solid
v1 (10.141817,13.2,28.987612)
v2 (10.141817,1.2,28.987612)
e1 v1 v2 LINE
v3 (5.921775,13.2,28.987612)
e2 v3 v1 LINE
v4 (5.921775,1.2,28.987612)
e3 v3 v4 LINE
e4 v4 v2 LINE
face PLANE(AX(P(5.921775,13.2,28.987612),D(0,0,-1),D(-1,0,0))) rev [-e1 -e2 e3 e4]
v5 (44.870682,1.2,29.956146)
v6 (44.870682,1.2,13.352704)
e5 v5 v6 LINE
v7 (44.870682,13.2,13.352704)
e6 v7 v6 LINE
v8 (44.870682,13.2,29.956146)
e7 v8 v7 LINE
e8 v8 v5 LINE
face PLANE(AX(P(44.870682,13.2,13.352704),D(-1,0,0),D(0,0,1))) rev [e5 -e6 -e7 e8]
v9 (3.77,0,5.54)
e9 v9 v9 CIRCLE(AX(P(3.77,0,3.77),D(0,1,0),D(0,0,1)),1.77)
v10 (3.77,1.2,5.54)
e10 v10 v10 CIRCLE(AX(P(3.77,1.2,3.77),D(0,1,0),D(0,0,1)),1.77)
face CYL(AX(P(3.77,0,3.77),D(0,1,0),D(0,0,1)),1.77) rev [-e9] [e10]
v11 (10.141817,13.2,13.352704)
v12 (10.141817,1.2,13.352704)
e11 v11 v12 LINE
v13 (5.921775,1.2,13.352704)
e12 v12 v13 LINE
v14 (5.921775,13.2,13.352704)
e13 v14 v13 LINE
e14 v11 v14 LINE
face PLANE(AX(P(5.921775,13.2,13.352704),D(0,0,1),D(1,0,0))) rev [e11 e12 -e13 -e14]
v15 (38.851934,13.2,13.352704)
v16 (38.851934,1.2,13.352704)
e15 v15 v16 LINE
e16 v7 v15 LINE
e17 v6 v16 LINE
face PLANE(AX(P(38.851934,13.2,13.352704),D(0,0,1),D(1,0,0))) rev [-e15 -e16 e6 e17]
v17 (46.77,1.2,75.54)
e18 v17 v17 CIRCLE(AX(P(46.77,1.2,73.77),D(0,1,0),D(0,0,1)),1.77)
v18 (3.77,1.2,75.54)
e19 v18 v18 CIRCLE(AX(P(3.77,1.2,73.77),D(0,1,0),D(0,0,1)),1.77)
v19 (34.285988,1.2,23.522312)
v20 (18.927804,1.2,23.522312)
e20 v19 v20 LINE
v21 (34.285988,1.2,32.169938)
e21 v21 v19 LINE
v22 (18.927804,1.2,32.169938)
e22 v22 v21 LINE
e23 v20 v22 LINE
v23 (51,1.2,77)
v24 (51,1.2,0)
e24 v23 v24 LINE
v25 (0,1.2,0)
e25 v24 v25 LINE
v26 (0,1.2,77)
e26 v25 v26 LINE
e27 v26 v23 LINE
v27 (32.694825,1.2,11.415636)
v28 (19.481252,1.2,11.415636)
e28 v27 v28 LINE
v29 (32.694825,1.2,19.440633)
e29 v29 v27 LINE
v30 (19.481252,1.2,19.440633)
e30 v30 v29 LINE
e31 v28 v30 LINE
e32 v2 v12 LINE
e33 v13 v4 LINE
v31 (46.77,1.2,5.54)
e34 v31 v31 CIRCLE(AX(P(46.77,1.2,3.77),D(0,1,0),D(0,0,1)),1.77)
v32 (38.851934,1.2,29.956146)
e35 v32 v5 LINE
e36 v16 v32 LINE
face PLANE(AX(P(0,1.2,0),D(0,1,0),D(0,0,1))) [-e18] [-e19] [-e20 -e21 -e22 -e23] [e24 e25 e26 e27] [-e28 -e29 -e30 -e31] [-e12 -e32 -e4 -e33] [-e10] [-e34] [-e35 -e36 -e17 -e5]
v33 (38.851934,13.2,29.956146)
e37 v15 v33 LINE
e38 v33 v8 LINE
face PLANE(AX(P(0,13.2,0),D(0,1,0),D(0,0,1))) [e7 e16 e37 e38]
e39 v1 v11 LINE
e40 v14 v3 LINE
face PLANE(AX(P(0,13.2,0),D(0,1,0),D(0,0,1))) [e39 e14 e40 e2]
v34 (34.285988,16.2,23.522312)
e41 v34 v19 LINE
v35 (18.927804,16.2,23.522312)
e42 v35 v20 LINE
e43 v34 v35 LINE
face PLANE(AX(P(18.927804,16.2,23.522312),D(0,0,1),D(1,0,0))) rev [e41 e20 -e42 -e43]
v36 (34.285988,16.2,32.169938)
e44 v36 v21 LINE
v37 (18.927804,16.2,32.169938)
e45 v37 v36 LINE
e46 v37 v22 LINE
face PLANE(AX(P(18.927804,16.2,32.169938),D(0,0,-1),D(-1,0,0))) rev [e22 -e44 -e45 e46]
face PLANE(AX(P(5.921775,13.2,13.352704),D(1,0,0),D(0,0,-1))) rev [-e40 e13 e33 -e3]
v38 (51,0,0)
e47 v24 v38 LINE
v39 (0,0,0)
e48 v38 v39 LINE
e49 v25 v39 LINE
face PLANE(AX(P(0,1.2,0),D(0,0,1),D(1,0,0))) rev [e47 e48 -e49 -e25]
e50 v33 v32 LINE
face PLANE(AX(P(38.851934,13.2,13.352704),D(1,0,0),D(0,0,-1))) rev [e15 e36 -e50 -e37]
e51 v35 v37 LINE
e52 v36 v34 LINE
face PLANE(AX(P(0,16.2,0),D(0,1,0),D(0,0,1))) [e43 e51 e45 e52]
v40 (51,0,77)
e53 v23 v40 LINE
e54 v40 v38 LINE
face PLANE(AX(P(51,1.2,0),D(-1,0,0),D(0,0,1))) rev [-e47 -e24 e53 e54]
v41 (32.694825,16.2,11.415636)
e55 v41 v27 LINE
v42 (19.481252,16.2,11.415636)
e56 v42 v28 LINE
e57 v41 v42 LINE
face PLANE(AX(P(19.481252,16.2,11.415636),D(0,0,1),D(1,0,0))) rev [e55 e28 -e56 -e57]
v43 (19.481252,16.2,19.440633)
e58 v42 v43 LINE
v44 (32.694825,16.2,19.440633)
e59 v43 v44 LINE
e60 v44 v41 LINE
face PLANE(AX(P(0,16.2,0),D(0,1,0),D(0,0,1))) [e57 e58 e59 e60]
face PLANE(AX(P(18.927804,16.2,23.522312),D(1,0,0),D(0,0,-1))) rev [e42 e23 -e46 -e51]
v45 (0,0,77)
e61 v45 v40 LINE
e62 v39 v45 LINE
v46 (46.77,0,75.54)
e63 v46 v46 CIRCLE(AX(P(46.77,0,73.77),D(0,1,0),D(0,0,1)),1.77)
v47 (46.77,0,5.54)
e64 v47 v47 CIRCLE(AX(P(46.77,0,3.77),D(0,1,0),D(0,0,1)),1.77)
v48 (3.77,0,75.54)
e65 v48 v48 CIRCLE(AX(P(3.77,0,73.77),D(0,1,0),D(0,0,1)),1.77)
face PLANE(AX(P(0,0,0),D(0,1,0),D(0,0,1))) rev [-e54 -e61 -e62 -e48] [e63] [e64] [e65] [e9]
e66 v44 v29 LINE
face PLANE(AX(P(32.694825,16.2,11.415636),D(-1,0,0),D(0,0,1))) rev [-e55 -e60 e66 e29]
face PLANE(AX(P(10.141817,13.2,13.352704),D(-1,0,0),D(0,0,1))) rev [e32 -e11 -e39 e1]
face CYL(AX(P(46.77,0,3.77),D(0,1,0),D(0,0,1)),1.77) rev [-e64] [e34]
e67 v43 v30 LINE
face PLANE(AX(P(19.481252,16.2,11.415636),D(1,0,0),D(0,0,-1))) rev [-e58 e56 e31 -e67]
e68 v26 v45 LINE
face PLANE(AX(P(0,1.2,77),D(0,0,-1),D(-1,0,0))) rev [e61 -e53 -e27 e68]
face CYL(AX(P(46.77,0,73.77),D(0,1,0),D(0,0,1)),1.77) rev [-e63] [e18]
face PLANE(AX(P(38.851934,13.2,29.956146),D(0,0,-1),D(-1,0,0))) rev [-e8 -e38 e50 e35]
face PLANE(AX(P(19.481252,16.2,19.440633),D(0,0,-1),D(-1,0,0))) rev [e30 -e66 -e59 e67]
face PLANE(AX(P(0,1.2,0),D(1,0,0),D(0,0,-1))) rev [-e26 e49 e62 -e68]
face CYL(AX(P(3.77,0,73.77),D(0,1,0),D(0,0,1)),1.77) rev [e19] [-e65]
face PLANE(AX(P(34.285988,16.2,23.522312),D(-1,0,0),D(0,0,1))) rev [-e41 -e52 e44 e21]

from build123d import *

# Parameters (mm, degrees)
SKETCH1_W           = 51
SKETCH1_H           = 77
BOSS_EXTRUDE1_DEPTH = 1.2
SKETCH2_R           = 1.77
CUT_EXTRUDE1_DEPTH  = 1.2
SKETCH3_W           = 13.21357214
SKETCH3_H           = 8.024996692
SKETCH3_W_2         = 15.358183325
SKETCH3_H_2         = 8.647625746
BOSS_EXTRUDE2_DEPTH = 15
SKETCH4_W           = 4.220041364
SKETCH4_H           = 15.634907348
SKETCH4_W_2         = 6.018747519
SKETCH4_H_2         = 16.603441432
BOSS_EXTRUDE3_DEPTH = 12


with BuildPart() as part:
    # Sketch1 → Boss-Extrude1 (new body)
    with BuildSketch(Plane(origin=(0, 0, 0), x_dir=(1, 0, 0), z_dir=(0, 1, 0))):
        with Locations((25.5, -38.5)):
            Rectangle(SKETCH1_W, SKETCH1_H)
    extrude(amount=BOSS_EXTRUDE1_DEPTH)

    # Sketch2 → Cut-Extrude1 (cut)
    with BuildSketch(Plane(origin=(0, 1.2, 0), x_dir=(1, 0, 0), z_dir=(0, 1, 0))):
        with Locations(Location((3.77, -3.77, 0), (0, 0, 270))):
            Circle(SKETCH2_R)
        with Locations(Location((46.77, -3.77, 0), (0, 0, 270))):
            Circle(SKETCH2_R)
        with Locations(Location((46.77, -73.77, 0), (0, 0, 270))):
            Circle(SKETCH2_R)
        with Locations(Location((3.77, -73.77, 0), (0, 0, 270))):
            Circle(SKETCH2_R)
    extrude(amount=-CUT_EXTRUDE1_DEPTH, mode=Mode.SUBTRACT)

    # Sketch3 → Boss-Extrude2 (add)
    with BuildSketch(Plane(origin=(0, 1.2, 0), x_dir=(1, 0, 0), z_dir=(0, 1, 0))):
        with Locations((26.088038551, -15.42813451)):
            Rectangle(SKETCH3_W, SKETCH3_H)
        with Locations((26.606896096, -27.846125081)):
            Rectangle(SKETCH3_W_2, SKETCH3_H_2)
    extrude(amount=BOSS_EXTRUDE2_DEPTH)

    # Sketch4 → Boss-Extrude3 (add)
    with BuildSketch(Plane(origin=(0, 1.2, 0), x_dir=(1, 0, 0), z_dir=(0, 1, 0))):
        with Locations((8.031795993, -21.170158005)):
            Rectangle(SKETCH4_W, SKETCH4_H)
        with Locations((41.861307912, -21.654425047)):
            Rectangle(SKETCH4_W_2, SKETCH4_H_2)
    extrude(amount=BOSS_EXTRUDE3_DEPTH)


solid = part.part
